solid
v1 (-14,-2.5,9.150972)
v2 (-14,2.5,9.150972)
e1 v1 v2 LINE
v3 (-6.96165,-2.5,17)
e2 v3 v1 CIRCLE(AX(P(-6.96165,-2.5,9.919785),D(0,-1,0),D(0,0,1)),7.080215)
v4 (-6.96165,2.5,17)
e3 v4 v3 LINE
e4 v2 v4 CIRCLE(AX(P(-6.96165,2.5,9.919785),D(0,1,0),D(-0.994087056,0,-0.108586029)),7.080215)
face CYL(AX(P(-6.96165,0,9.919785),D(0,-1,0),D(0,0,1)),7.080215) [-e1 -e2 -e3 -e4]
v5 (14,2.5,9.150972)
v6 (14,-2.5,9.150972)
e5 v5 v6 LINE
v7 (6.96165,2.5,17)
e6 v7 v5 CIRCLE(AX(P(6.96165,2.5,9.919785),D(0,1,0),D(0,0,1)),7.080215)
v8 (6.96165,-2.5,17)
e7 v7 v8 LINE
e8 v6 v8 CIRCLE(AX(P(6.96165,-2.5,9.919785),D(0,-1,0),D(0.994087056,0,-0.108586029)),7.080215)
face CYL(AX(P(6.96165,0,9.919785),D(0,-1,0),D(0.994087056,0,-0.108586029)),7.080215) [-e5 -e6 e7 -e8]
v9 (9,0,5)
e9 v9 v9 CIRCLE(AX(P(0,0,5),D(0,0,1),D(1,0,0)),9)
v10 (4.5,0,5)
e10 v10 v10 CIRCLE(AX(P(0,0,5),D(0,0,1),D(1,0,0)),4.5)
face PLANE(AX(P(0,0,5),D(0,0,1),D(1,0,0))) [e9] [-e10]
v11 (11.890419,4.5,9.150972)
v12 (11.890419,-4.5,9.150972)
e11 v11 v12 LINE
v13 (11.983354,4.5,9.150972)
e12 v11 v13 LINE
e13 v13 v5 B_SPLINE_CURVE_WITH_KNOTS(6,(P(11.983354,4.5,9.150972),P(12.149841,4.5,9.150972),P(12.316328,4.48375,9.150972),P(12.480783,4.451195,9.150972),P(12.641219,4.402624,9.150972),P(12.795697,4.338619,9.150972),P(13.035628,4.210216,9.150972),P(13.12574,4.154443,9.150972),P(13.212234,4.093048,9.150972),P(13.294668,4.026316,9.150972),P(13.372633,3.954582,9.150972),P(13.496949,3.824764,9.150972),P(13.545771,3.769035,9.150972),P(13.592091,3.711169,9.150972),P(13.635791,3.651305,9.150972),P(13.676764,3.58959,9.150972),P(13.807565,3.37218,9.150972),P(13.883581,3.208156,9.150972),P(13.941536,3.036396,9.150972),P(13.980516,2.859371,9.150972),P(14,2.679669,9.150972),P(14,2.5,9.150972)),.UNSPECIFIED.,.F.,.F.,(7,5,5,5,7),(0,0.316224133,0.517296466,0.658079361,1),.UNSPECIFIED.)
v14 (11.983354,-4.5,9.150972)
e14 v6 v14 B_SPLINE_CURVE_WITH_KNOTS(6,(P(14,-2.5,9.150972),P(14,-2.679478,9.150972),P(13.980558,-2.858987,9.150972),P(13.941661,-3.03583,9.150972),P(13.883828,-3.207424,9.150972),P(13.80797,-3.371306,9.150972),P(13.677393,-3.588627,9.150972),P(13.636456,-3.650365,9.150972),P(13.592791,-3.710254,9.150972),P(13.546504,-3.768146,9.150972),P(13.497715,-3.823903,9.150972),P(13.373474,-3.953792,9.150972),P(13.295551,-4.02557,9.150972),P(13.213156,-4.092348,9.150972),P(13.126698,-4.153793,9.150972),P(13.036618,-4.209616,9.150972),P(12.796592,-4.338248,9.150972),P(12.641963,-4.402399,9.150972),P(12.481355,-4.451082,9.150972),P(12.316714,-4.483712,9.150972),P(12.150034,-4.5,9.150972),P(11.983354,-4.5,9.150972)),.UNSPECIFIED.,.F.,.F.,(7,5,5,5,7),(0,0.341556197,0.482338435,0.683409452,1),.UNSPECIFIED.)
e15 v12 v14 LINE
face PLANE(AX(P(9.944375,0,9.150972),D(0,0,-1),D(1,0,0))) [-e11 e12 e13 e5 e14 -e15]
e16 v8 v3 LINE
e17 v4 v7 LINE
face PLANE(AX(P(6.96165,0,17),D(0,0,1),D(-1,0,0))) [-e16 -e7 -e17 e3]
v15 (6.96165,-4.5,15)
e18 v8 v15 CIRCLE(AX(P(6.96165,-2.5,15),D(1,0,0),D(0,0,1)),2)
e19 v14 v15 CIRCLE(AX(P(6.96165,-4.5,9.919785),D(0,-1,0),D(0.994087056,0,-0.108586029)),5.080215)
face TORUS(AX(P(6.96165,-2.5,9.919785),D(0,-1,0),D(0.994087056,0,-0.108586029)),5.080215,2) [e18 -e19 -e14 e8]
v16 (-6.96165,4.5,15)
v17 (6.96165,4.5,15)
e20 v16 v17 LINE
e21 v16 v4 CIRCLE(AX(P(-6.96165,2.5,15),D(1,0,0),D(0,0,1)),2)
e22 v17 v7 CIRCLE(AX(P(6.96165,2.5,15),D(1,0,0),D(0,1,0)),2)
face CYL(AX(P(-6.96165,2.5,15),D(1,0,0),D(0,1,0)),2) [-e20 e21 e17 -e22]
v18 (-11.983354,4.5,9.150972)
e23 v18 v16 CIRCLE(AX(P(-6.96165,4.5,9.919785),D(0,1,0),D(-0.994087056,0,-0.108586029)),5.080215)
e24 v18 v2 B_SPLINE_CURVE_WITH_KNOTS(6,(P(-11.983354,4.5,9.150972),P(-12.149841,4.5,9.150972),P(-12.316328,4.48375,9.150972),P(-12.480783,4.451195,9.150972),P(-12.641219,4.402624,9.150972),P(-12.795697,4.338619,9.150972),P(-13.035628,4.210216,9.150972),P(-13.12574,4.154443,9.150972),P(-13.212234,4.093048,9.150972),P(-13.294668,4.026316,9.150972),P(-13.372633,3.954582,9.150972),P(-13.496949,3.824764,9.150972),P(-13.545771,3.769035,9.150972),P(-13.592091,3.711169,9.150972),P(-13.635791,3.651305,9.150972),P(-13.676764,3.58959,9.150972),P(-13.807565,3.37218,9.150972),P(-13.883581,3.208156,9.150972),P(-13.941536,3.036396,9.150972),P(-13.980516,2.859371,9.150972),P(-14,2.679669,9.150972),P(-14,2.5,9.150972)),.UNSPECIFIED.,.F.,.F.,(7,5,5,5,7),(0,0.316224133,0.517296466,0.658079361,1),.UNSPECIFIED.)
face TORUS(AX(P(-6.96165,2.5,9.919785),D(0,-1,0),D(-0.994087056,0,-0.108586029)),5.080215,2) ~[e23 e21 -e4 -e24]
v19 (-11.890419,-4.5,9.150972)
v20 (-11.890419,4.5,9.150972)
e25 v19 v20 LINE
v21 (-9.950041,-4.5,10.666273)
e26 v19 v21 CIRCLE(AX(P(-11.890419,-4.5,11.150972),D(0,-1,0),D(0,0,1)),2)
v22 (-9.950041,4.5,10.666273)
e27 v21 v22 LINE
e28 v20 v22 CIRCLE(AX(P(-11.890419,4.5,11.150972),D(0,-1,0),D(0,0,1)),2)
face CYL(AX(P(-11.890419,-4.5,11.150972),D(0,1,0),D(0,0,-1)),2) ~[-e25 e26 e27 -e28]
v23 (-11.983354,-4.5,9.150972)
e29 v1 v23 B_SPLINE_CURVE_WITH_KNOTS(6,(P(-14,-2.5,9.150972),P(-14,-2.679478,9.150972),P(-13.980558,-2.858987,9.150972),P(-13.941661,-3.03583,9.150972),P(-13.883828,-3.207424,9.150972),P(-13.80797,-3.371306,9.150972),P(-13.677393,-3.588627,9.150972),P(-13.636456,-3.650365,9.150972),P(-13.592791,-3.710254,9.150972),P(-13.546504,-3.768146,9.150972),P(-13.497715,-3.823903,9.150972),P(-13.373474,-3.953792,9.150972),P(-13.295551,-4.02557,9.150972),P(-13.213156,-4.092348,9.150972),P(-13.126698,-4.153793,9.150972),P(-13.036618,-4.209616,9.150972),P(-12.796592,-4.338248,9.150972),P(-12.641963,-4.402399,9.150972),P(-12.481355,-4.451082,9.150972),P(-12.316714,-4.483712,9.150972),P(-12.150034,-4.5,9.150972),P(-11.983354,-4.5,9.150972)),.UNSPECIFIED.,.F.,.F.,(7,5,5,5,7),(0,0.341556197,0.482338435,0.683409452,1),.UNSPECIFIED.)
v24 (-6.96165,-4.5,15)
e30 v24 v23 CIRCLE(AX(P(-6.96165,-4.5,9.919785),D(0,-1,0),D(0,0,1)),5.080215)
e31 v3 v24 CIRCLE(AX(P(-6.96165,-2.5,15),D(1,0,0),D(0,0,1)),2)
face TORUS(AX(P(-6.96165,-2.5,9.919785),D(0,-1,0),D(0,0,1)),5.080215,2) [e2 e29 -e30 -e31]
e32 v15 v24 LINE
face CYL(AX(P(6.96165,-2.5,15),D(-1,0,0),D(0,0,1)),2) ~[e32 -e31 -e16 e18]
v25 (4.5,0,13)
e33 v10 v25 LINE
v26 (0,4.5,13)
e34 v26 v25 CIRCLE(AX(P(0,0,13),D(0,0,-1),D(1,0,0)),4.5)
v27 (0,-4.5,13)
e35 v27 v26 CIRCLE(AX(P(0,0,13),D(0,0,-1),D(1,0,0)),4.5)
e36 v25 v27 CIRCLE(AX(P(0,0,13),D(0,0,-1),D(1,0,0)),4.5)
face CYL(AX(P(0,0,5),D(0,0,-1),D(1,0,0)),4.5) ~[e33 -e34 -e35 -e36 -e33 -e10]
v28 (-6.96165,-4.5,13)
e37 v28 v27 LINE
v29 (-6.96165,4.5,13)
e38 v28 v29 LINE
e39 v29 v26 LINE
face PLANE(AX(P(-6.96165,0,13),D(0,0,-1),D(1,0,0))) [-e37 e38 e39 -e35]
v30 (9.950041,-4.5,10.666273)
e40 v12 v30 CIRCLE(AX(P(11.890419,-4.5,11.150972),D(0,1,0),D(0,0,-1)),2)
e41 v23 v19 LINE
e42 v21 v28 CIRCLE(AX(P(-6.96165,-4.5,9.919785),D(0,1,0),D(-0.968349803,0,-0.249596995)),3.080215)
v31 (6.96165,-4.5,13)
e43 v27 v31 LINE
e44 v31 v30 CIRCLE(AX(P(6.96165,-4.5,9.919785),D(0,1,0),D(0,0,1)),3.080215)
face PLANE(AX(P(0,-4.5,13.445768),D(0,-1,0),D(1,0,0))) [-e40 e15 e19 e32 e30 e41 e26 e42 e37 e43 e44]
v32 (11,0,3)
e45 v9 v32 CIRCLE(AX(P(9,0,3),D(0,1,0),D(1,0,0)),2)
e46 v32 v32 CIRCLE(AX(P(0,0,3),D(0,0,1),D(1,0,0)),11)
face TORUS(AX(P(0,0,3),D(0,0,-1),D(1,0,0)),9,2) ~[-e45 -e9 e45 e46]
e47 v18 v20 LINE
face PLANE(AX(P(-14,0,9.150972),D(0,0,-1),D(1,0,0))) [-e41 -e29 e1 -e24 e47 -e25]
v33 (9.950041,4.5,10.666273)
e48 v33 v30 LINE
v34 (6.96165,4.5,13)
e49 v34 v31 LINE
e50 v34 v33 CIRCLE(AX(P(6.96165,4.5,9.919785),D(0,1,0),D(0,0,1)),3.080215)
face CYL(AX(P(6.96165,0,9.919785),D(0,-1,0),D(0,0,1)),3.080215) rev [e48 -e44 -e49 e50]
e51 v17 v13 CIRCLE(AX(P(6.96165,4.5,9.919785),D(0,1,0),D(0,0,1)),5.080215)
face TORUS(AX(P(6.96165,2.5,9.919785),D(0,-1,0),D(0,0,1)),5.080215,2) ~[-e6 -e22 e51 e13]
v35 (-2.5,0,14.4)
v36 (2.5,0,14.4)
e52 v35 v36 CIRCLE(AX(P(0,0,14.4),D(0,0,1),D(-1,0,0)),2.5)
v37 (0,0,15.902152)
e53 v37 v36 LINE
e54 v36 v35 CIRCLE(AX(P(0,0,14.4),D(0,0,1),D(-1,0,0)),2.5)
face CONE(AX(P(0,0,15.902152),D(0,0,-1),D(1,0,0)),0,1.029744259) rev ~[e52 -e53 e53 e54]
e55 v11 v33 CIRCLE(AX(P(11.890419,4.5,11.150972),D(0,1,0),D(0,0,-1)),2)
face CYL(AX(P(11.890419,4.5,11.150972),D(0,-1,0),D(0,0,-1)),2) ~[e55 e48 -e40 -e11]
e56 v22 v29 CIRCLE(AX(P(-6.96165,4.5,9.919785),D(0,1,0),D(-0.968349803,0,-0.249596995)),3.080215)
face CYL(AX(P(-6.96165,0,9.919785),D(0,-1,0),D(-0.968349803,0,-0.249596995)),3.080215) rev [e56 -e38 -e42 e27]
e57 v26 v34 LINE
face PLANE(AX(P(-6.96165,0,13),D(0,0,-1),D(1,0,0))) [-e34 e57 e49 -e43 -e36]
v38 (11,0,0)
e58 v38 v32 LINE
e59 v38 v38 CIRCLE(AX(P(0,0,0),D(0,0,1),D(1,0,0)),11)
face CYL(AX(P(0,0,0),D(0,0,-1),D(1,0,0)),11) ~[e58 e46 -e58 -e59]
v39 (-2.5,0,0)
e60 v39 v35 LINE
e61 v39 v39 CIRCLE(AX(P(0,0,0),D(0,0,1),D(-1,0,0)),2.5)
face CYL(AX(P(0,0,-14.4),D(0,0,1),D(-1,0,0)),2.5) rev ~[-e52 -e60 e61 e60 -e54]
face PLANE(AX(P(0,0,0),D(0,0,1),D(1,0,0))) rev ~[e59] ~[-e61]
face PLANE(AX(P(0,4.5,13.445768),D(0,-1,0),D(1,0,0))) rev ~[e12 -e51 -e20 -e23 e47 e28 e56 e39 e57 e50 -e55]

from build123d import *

# Parameters (mm, degrees)
F0_R     = 11
F1_DEPTH = 5
F2_R     = 4.5
F3_DEPTH = 12
F5_DEPTH = 4.5
F6_R     = 2
F8_D     = 5
F8_DEPTH = 14.4
F8_TIP   = 1.5021515476


with BuildPart() as f1:
    # F0 (on Top) → F1 (new body)
    with BuildSketch(Plane.XY):
        Circle(F0_R)
    extrude(amount=F1_DEPTH)

    # F2 (on face) → F3 (join)
    with BuildSketch(Plane.XY.offset(5)):
        Circle(F2_R)
    extrude(amount=F3_DEPTH)

    # F4 (on Front) → F5 (join, symmetric)
    with BuildSketch(Plane.XZ):
        with BuildLine():
            Line((-6.9616497494, 13), (0, 13))
            Line((0, 13), (6.9616497494, 13))
            ThreePointArc((6.9616497494, 13), (9.3963810746, 11.8065304048), (9.9443754998, 9.1509723824))
            Line((9.9443754998, 9.1509723824), (14, 9.1509723824))
            ThreePointArc((14, 9.1509723824), (12.2329306372, 14.6466278196), (6.9616497494, 17))
            Line((6.9616497494, 17), (0, 17))
            Line((0, 17), (-6.9616497494, 17))
            ThreePointArc((-6.9616497494, 17), (-12.2329306372, 14.6466278196), (-14, 9.1509723824))
            Line((-14, 9.1509723824), (-9.9443754998, 9.1509723824))
            ThreePointArc((-9.9443754998, 9.1509723824), (-9.3963810746, 11.8065304048), (-6.9616497494, 13))
        make_face()
    extrude(amount=F5_DEPTH, both=True)

    # F6
    f6_edges = [f1.edges().sort_by_distance(p)[0] for p in [
        (-11, 0, 5),
        (0, -4.5, 17),
        (0, 4.5, 17),
        (-9.944375, 0, 9.150972),
        (9.944375, 0, 9.150972),
    ]]
    fillet(f6_edges, radius=F6_R)

    # F8
    with Locations(Plane(origin=(0, 0, 0), x_dir=(1, 0, 0), z_dir=(0, 0, -1))):
        with Locations((0, 0)):
            Hole(F8_D / 2, depth=F8_DEPTH)
            with Locations((0, 0, -(F8_DEPTH + F8_TIP / 2))):  # 118° drill point
                Cone(0, F8_D / 2, F8_TIP, mode=Mode.SUBTRACT)


solid = f1.part
